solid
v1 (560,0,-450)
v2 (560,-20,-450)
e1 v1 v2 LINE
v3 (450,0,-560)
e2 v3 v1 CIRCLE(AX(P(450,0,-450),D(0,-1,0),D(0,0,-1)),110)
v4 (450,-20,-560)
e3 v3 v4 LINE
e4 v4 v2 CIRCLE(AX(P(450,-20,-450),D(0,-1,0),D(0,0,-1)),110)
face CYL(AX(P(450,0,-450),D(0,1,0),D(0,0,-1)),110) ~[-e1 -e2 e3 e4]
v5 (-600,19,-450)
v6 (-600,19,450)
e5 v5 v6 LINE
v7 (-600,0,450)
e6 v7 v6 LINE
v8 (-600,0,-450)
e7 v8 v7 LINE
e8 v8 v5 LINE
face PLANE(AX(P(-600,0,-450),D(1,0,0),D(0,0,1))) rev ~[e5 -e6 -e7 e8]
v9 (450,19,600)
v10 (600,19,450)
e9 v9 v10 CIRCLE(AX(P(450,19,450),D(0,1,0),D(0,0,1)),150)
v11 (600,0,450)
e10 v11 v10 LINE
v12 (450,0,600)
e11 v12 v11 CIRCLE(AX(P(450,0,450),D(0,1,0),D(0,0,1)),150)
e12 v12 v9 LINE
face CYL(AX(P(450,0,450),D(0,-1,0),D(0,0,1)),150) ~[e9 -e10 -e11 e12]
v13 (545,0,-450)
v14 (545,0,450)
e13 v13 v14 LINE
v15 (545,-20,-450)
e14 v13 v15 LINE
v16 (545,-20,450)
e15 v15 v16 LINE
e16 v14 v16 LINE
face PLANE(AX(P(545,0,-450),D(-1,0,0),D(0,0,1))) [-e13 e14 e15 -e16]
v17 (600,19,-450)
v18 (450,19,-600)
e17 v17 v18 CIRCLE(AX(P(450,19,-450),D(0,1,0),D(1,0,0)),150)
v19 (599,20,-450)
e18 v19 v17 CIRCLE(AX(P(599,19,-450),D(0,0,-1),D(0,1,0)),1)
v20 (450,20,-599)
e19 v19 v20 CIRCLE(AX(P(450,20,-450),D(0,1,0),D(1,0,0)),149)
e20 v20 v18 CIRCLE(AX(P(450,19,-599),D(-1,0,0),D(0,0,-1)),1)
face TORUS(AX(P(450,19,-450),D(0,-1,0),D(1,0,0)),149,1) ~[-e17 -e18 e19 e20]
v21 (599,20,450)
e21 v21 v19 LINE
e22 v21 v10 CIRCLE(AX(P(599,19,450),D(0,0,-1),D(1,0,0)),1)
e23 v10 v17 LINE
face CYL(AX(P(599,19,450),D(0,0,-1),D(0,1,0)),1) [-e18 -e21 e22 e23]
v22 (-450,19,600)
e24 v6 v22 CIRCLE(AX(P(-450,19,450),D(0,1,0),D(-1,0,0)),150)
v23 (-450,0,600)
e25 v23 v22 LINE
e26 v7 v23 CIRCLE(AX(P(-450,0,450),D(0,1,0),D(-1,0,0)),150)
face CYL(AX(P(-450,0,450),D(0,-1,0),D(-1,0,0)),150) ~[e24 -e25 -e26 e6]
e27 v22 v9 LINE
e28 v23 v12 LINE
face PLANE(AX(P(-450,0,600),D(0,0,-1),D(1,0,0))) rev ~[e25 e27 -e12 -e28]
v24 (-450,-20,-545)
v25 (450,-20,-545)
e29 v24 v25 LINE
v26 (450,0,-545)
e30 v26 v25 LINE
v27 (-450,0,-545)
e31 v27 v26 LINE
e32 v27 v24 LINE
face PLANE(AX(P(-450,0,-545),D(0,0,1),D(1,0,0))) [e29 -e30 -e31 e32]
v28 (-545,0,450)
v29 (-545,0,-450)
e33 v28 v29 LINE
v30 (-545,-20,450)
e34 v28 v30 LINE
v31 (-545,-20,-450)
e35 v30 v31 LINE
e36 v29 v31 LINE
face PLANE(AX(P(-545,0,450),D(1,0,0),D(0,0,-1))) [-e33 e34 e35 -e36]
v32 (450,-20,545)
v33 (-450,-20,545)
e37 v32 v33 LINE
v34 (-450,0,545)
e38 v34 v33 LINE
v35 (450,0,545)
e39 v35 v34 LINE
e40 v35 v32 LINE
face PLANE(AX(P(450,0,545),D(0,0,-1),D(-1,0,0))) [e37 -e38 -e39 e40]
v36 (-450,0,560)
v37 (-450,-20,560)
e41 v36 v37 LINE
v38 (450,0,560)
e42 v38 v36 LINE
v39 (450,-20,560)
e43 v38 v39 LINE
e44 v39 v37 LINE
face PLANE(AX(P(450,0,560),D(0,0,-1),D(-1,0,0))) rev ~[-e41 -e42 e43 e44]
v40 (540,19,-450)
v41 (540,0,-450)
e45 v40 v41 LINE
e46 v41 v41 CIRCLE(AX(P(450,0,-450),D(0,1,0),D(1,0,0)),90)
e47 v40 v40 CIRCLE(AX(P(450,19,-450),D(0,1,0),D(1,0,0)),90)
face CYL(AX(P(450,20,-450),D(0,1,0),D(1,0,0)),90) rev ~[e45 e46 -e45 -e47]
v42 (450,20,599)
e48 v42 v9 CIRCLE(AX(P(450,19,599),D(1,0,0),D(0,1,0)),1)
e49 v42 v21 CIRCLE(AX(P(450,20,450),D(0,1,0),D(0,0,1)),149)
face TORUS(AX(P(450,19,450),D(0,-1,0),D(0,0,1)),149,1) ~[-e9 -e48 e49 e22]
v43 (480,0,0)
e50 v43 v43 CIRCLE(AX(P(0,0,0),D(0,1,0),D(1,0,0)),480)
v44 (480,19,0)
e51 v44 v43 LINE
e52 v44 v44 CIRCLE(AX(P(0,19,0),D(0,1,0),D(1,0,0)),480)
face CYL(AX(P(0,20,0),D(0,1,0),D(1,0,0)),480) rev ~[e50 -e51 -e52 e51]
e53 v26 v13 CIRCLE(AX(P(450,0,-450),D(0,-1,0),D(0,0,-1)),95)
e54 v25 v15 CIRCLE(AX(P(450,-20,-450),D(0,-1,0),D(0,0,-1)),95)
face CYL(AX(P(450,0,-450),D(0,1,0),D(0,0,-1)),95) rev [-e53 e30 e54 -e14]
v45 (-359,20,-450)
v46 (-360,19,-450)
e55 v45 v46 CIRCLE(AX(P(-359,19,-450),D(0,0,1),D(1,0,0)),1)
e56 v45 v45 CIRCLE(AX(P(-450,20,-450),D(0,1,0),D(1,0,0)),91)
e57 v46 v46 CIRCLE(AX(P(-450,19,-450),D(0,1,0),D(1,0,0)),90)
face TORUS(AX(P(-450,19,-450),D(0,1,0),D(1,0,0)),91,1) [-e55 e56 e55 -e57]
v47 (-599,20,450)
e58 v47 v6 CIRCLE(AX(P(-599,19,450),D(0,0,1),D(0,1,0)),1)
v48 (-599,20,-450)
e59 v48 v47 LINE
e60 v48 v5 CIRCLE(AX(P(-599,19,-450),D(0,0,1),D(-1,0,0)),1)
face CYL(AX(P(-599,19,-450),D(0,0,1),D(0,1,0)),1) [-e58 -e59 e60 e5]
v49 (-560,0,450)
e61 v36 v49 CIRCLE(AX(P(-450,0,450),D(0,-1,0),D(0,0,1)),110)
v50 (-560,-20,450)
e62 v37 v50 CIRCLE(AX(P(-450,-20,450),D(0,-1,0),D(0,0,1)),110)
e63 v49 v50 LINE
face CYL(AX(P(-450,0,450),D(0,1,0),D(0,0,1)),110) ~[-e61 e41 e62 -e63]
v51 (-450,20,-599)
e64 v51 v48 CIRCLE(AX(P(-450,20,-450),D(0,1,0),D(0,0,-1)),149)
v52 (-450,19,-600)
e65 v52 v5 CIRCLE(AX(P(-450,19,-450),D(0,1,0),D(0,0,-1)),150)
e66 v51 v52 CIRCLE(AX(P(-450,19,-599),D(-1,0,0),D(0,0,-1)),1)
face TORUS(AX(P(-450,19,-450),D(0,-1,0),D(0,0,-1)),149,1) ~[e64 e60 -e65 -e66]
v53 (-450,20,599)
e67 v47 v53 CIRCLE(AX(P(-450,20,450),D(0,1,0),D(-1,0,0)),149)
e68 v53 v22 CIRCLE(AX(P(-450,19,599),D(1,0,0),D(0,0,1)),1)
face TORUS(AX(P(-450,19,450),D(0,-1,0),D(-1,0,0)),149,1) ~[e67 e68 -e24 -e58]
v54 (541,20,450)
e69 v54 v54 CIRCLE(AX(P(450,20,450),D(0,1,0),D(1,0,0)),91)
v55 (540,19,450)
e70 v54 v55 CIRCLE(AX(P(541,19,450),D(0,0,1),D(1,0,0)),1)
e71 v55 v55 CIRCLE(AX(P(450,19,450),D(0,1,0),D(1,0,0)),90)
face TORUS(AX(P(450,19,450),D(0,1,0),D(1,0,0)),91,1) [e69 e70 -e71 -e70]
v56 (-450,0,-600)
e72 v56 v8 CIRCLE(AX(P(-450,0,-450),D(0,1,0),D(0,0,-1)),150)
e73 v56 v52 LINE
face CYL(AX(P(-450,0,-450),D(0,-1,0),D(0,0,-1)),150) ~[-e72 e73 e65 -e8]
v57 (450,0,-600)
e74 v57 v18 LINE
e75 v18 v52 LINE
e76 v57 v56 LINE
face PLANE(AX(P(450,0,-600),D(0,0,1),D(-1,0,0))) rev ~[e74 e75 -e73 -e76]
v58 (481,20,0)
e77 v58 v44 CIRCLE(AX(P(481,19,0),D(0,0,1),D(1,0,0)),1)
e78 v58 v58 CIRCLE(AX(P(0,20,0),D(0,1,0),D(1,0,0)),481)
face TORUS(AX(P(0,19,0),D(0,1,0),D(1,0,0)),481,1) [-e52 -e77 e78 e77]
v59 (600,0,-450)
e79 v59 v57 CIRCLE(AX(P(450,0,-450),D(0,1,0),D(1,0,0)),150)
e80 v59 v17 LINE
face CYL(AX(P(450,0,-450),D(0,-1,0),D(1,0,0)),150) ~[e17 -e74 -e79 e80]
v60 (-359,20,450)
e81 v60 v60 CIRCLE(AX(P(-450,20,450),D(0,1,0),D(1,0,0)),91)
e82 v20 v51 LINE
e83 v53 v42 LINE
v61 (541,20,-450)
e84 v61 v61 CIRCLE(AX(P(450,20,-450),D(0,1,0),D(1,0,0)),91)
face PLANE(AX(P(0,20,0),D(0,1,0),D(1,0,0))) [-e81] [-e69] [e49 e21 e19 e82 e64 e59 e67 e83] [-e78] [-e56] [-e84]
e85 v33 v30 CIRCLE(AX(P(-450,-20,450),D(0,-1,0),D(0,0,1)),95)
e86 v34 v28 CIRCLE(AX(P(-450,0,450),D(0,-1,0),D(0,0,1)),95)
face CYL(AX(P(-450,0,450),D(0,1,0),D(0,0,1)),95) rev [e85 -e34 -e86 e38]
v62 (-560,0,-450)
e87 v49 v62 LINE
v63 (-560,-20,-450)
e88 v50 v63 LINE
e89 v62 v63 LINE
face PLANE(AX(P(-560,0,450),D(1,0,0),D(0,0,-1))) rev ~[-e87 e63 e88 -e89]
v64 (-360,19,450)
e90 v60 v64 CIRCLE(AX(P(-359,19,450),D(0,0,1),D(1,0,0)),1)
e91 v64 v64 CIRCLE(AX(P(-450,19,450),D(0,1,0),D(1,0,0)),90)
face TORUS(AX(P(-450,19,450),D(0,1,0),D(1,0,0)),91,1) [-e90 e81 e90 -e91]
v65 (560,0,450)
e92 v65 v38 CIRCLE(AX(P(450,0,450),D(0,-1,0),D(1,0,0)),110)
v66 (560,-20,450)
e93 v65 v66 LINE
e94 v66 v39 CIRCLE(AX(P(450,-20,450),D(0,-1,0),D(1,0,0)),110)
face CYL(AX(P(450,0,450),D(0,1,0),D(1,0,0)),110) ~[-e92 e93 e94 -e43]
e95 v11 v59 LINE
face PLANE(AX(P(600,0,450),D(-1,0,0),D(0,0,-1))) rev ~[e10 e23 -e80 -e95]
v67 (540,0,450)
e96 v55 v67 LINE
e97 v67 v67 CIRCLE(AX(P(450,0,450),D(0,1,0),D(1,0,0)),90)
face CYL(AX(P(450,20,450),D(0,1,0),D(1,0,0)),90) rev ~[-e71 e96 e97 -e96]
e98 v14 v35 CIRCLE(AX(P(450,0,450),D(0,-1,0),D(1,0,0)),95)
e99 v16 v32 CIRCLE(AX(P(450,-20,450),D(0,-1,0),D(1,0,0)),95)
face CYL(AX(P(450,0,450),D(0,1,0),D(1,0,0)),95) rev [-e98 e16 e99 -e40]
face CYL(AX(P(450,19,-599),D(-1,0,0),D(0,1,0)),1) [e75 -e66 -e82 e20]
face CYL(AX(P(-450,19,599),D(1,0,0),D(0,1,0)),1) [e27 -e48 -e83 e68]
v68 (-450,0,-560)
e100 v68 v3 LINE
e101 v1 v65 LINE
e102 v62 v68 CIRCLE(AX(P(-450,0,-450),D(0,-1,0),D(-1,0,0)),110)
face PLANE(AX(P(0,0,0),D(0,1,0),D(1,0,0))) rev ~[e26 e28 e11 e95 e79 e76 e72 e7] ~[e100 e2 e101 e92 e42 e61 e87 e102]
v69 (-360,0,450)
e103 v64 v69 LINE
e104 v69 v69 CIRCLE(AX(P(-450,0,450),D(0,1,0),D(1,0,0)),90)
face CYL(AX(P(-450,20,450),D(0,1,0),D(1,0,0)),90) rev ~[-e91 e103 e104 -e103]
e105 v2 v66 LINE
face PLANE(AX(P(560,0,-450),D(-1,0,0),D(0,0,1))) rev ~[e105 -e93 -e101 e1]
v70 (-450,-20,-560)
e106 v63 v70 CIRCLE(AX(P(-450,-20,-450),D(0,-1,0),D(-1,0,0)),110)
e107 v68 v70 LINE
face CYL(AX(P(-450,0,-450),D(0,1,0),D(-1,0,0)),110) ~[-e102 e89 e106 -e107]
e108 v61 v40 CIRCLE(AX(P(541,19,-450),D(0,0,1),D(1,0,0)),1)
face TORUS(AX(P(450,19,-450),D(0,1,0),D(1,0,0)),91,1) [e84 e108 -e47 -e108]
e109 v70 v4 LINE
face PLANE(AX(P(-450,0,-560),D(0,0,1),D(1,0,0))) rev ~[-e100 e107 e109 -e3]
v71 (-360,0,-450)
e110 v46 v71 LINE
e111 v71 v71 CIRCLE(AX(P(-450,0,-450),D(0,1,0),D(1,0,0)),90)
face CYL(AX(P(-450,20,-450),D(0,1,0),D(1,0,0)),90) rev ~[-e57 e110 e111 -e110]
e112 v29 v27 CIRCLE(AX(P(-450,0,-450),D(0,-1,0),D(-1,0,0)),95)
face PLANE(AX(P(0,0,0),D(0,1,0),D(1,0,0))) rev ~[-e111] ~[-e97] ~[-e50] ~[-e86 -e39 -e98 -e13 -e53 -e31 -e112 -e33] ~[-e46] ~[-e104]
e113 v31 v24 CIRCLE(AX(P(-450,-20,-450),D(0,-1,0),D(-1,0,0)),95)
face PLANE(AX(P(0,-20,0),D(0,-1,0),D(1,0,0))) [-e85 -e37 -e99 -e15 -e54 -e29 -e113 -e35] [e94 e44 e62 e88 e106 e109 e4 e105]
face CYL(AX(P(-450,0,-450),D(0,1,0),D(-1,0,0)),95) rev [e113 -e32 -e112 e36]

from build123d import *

# Parameters (mm, degrees)
BOSS_EXTRUDE1_DEPTH = 20
SKETCH3_R           = 90
CUT_EXTRUDE1_DEPTH  = 21
SKETCH4_R           = 480
CUT_EXTRUDE2_DEPTH  = 21
BOSS_EXTRUDE2_DEPTH = 20
FILLET1_R           = 1
FILLET2_R           = 1
FILLET3_R           = 1


with BuildPart() as part:
    # Sketch1 → Boss-Extrude1 (new body)
    with BuildSketch(Plane(origin=(0, 0, 0), x_dir=(1, 0, 0), z_dir=(0, 1, 0))):
        with BuildLine():
            Line((-450, -600), (450, -600))
            ThreePointArc((450, -600), (556.066017178, -556.066017178), (600, -450))
            Line((600, -450), (600, 450))
            ThreePointArc((600, 450), (556.066017178, 556.066017178), (450, 600))
            Line((450, 600), (-450, 600))
            ThreePointArc((-450, 600), (-556.066017178, 556.066017178), (-600, 450))
            Line((-600, 450), (-600, -450))
            ThreePointArc((-600, -450), (-556.066017178, -556.066017178), (-450, -600))
        make_face()
    extrude(amount=BOSS_EXTRUDE1_DEPTH)

    # Sketch3 → Cut-Extrude1 (cut, through all)
    with BuildSketch(Plane(origin=(0, 20, 0), x_dir=(1, 0, 0), z_dir=(0, 1, 0))):
        with Locations((-450, 450)):
            Circle(SKETCH3_R)
        with Locations((450, 450)):
            Circle(SKETCH3_R)
        with Locations((-450, -450)):
            Circle(SKETCH3_R)
        with Locations((450, -450)):
            Circle(SKETCH3_R)
    extrude(amount=-CUT_EXTRUDE1_DEPTH, mode=Mode.SUBTRACT)

    # Sketch4 → Cut-Extrude2 (cut, through all)
    with BuildSketch(Plane(origin=(0, 20, 0), x_dir=(1, 0, 0), z_dir=(0, 1, 0))):
        Circle(SKETCH4_R)
    extrude(amount=-CUT_EXTRUDE2_DEPTH, mode=Mode.SUBTRACT)

    # Sketch2 → Boss-Extrude2 (add)
    with BuildSketch(Plane.XZ):
        with BuildLine():
            Line((560, -450), (560, 450))
            ThreePointArc((560, 450), (527.781745931, 527.781745931), (450, 560))
            Line((450, 560), (-450, 560))
            ThreePointArc((-450, 560), (-527.781745931, 527.781745931), (-560, 450))
            Line((-560, 450), (-560, -450))
            ThreePointArc((-560, -450), (-527.781745931, -527.781745931), (-450, -560))
            Line((-450, -560), (450, -560))
            ThreePointArc((450, -560), (527.781745931, -527.781745931), (560, -450))
        make_face()
        with BuildLine():
            Line((545, -450), (545, 450))
            ThreePointArc((545, 450), (517.175144213, 517.175144213), (450, 545))
            Line((450, 545), (-450, 545))
            ThreePointArc((-450, 545), (-517.175144213, 517.175144213), (-545, 450))
            Line((-545, 450), (-545, -450))
            ThreePointArc((-545, -450), (-517.175144213, -517.175144213), (-450, -545))
            Line((-450, -545), (450, -545))
            ThreePointArc((450, -545), (517.175144213, -517.175144213), (545, -450))
        make_face(mode=Mode.SUBTRACT)
    extrude(amount=BOSS_EXTRUDE2_DEPTH)

    # Fillet1
    fillet1_edges = [part.edges().sort_by_distance(p)[0] for p in [
        (-556.066017178, 20, -556.066017178),
        (-600, 20, 0),
        (-556.066017178, 20, 556.066017178),
        (0, 20, 600),
        (556.066017178, 20, 556.066017178),
        (600, 20, 0),
        (556.066017178, 20, -556.066017178),
        (0, 20, -600),
    ]]
    fillet(fillet1_edges, radius=FILLET1_R)

    # Fillet2
    fillet2_edges = [part.edges().sort_by_distance(p)[0] for p in [
        (-480, 20, 0),
    ]]
    fillet(fillet2_edges, radius=FILLET2_R)

    # Fillet3
    fillet3_edges = [part.edges().sort_by_distance(p)[0] for p in [
        (-540, 20, -450),
        (360, 20, -450),
        (-540, 20, 450),
        (360, 20, 450),
    ]]
    fillet(fillet3_edges, radius=FILLET3_R)


solid = part.part
